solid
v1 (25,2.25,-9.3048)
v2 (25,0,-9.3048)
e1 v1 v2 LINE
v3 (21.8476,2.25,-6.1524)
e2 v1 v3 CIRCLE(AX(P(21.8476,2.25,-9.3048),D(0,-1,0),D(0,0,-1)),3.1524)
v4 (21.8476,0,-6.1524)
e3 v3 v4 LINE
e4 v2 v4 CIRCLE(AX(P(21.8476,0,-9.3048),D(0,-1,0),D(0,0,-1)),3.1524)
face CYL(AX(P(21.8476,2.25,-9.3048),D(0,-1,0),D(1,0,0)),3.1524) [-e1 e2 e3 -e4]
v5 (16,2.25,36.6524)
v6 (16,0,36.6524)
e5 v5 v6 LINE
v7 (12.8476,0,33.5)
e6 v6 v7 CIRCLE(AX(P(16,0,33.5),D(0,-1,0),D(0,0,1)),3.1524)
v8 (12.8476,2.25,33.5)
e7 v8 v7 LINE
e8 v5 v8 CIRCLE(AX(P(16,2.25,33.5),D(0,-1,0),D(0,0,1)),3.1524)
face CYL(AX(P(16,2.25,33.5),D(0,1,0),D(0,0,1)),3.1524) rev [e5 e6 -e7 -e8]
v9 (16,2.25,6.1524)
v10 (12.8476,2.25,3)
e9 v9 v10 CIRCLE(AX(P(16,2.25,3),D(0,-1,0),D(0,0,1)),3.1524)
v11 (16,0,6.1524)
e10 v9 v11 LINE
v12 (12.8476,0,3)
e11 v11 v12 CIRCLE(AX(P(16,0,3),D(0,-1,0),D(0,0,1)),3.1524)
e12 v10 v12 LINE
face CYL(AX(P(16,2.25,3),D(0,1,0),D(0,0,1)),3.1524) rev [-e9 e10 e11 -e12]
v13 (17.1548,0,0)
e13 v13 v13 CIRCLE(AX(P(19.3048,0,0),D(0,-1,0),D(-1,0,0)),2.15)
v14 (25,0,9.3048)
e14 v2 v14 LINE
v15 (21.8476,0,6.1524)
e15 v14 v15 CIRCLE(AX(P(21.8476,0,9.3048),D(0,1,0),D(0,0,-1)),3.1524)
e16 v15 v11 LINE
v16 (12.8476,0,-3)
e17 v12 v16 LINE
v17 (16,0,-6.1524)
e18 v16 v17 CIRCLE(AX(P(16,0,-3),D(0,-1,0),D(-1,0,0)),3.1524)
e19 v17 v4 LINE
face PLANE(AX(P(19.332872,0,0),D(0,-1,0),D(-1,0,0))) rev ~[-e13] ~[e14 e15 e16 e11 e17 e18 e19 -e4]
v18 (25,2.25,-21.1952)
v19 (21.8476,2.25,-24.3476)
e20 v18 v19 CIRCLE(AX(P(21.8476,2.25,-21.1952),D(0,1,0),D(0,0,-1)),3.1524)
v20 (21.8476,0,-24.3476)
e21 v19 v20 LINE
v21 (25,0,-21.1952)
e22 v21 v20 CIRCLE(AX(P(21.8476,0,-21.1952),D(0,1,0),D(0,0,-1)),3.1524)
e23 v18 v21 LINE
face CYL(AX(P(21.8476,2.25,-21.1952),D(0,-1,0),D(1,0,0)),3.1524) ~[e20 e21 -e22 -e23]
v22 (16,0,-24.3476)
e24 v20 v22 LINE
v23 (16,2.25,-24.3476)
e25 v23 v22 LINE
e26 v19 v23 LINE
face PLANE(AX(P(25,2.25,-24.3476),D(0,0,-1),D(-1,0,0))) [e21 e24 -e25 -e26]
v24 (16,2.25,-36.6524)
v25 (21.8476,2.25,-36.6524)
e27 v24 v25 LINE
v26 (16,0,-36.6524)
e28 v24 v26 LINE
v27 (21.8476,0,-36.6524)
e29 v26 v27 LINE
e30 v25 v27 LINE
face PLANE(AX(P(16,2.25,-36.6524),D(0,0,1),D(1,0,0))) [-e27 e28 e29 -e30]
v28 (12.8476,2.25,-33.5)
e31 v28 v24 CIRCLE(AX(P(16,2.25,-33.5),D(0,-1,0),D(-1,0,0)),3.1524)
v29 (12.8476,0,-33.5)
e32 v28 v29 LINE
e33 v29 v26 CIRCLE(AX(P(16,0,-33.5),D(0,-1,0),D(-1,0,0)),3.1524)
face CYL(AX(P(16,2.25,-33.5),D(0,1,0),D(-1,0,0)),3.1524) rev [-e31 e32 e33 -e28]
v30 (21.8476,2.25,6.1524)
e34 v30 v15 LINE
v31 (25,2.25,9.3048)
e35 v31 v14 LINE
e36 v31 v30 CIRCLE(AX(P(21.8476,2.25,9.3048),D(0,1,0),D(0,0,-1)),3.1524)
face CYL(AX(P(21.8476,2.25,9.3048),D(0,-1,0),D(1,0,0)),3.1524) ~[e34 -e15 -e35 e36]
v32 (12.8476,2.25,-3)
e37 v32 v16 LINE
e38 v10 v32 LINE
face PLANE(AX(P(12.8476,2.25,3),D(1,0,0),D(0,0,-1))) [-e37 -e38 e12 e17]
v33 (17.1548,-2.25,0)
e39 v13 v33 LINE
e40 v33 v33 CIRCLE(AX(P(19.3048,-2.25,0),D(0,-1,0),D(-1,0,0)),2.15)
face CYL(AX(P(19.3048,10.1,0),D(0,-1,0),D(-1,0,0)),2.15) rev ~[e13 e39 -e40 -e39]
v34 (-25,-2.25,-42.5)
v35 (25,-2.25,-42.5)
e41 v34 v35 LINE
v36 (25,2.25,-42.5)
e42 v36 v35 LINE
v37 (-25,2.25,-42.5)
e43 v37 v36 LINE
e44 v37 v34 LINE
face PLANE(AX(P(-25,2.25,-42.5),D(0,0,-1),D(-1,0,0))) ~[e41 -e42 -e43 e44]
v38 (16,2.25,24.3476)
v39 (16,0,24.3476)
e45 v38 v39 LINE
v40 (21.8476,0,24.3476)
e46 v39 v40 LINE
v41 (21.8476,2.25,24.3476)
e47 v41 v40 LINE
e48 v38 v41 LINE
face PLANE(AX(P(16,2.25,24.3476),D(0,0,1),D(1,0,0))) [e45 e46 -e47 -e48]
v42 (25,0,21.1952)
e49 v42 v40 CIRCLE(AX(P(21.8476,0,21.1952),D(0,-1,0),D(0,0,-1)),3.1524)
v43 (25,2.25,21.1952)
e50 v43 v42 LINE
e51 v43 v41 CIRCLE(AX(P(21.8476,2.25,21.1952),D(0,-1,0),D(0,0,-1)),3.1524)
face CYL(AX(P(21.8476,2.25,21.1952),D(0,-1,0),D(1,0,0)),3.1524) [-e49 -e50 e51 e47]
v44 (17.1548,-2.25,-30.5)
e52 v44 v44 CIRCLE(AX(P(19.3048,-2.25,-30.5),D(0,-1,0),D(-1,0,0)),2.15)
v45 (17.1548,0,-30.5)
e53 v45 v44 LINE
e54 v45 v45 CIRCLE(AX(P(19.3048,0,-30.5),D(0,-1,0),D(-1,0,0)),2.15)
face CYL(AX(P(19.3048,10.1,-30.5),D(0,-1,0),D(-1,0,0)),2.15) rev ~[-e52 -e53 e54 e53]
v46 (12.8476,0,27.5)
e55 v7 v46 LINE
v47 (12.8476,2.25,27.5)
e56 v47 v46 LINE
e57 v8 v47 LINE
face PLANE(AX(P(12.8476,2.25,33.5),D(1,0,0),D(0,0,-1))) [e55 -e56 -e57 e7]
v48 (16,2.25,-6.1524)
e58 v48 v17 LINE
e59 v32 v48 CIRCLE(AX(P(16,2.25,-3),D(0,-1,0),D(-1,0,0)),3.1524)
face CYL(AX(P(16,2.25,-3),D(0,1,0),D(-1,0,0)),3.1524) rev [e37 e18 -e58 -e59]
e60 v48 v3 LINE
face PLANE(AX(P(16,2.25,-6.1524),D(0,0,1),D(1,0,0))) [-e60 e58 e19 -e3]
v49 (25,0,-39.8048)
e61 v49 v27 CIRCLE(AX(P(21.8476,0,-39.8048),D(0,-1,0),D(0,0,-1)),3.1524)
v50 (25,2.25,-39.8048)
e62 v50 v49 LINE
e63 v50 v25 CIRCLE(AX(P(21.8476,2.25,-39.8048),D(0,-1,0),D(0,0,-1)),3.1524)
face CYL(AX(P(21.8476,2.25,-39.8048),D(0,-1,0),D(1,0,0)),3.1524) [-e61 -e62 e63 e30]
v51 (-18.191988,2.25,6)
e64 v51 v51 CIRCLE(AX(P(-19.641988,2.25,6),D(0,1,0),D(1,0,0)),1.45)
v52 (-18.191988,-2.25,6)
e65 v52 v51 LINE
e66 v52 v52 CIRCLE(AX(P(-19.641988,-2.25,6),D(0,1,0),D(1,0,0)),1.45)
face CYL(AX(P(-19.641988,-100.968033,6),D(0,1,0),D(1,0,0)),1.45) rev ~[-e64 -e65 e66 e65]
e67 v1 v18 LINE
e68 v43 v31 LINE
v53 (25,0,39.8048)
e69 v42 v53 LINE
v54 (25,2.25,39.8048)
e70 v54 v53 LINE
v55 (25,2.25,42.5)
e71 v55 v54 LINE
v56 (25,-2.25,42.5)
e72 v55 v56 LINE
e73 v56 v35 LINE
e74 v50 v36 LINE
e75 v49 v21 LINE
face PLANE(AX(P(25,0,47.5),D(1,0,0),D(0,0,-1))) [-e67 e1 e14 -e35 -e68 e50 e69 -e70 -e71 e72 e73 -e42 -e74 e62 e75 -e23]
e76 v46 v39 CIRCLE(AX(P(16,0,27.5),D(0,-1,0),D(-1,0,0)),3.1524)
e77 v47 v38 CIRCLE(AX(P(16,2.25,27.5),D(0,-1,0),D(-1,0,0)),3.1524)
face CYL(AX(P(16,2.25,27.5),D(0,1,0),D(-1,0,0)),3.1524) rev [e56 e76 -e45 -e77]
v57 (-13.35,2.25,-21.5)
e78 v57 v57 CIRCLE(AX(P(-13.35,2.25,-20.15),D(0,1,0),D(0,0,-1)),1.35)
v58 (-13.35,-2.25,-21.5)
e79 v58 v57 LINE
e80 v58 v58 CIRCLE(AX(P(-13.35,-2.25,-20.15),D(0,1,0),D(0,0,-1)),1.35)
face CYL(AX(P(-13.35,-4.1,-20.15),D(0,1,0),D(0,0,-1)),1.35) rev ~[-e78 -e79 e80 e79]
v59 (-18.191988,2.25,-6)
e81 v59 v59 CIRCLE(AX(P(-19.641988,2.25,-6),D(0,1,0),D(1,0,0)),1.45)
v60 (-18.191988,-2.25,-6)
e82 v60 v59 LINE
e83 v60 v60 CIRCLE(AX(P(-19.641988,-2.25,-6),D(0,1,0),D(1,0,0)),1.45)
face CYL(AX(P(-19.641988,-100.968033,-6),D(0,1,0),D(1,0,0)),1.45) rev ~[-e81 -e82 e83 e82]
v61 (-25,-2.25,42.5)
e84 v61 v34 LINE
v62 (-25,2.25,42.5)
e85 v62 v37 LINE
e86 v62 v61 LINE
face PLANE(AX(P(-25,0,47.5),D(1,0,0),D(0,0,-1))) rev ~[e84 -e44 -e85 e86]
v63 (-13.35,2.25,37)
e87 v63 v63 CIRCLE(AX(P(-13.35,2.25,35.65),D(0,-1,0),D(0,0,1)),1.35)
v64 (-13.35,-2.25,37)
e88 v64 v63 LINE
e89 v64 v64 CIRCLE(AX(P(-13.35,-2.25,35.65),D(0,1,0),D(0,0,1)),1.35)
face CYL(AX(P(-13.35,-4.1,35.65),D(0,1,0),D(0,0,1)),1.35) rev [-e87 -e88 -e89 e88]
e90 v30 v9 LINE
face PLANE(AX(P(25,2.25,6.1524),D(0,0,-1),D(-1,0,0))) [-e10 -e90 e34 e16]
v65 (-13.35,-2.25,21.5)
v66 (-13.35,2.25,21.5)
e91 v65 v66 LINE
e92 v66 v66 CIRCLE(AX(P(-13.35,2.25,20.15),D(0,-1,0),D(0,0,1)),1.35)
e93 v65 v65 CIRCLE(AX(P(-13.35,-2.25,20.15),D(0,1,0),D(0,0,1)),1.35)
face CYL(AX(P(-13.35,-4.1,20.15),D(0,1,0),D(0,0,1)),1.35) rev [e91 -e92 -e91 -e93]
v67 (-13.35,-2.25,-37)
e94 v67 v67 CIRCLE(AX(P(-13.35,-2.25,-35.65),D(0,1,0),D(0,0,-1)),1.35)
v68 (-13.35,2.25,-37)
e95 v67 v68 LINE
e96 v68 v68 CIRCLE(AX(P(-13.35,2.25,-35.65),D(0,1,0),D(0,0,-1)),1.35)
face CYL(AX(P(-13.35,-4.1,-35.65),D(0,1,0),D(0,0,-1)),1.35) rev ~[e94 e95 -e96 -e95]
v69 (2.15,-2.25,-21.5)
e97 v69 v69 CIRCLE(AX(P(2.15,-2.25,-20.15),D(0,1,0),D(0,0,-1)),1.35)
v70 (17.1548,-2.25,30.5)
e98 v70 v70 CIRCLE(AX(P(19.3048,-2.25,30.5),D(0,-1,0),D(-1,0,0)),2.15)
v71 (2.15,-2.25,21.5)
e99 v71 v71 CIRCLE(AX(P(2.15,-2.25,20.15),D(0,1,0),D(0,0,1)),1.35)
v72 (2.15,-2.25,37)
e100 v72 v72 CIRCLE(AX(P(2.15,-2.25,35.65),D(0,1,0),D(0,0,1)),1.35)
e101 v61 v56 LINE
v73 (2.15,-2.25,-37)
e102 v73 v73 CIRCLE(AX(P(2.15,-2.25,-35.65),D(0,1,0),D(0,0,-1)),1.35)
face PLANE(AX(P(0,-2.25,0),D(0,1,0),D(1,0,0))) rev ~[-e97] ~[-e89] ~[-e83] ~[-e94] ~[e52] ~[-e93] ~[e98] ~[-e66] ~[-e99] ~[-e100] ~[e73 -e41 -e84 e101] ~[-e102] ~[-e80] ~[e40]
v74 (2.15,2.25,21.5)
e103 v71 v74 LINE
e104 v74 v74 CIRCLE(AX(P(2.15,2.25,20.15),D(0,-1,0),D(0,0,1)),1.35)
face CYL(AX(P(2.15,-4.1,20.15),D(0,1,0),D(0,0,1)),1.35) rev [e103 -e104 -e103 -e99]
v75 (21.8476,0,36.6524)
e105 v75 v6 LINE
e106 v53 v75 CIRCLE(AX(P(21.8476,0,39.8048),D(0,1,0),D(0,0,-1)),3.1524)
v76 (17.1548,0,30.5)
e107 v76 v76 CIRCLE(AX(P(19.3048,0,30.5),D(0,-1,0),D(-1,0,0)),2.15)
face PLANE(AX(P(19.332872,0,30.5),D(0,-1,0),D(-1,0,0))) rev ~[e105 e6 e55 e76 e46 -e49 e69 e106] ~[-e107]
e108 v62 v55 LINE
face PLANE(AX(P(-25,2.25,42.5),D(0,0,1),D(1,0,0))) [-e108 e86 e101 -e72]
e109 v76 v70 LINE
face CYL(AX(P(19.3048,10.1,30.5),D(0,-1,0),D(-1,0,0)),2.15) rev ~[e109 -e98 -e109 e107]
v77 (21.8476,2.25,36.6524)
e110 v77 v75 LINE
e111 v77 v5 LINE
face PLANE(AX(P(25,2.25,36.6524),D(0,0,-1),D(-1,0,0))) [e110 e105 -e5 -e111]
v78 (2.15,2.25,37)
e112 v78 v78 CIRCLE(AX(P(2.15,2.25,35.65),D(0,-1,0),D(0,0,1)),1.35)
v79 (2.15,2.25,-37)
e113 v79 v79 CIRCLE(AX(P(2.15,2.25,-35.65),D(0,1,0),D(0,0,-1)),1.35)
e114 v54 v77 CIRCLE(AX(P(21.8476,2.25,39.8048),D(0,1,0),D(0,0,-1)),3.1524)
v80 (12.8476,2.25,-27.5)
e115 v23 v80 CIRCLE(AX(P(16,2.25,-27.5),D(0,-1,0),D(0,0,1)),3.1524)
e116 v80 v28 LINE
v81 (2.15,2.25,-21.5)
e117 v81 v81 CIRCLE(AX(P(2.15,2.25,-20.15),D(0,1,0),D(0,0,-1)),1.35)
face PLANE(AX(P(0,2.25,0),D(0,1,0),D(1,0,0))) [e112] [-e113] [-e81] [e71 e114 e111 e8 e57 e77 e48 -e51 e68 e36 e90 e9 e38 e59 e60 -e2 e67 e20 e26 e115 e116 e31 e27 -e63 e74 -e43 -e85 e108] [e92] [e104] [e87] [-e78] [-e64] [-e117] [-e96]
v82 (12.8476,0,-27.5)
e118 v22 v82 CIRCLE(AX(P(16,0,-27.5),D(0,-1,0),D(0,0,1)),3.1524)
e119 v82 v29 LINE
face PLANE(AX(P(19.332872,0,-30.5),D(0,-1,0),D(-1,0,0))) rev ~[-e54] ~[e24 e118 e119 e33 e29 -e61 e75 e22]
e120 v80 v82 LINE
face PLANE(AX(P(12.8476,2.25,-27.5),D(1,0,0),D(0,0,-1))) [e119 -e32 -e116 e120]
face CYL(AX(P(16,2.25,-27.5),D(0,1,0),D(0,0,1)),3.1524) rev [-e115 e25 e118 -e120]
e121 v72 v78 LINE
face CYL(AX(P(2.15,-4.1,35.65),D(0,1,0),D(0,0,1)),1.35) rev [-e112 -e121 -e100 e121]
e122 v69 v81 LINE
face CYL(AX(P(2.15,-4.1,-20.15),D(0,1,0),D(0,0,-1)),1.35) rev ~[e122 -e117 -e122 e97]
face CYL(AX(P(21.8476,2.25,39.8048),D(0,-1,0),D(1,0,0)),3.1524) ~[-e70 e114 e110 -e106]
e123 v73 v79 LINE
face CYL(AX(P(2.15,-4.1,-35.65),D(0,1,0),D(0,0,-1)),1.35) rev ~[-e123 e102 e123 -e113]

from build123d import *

# Parameters (mm, degrees)
SKETCH1_W                       = 50
SKETCH1_H                       = 95
BOSS_EXTRUDE1_DEPTH             = 2.25
M2_5_CLEARANCE_HOLE1_AT_2_COUNT = 2
M2_5_CLEARANCE_HOLE1_AT_2_PITCH = 15.5
M2_5_CLEARANCE_HOLE1_AT_3_COUNT = 2
M2_5_CLEARANCE_HOLE1_AT_3_PITCH = 21.920310217
M2_5_CLEARANCE_HOLE1_AT_4_COUNT = 2
M2_5_CLEARANCE_HOLE1_AT_4_PITCH = 15.5
SKETCH4_W                       = 50
SKETCH4_H                       = 5
CUT_EXTRUDE1_DEPTH              = 54.865573421
CUT_EXTRUDE2_DEPTH              = 2.25
M4_CLEARANCE_HOLE1_D            = 4.3
M4_CLEARANCE_HOLE1_DEPTH        = 10.1
M4_CLEARANCE_HOLE1_TIP          = 1.291850331
FILLET1_R                       = 3.1524
M2_5_CLEARANCE_HOLE2_D          = 2.9


with BuildPart() as part:
    # Sketch1 → Boss-Extrude1 (new, symmetric)
    with BuildSketch(Plane(origin=(0, 0, 0), x_dir=(1, 0, 0), z_dir=(0, 1, 0))):
        Rectangle(SKETCH1_W, SKETCH1_H)
    extrude(amount=BOSS_EXTRUDE1_DEPTH, both=True)

    # Sketch3 → M2.5 Clearance Hole1 (revolve, cut)
    with BuildSketch(Plane(origin=(2.15, 2.25, 20.15), x_dir=(0, 0, 1), z_dir=(1, 0, 0))):
        Polygon((0, 0), (0, 7.161161836), (1.35, 6.35), (1.35, 0), align=None)
    m2_5_clearance_hole1 = revolve(axis=Axis((2.15, 8.6, 20.15), (0, -1, 0)), mode=Mode.SUBTRACT)

    # M2.5 Clearance Hole1 at 2: M2.5 Clearance Hole1 ×2
    with Locations(*[(0, 0, i * M2_5_CLEARANCE_HOLE1_AT_2_PITCH) for i in range(1, M2_5_CLEARANCE_HOLE1_AT_2_COUNT)]):
        add(m2_5_clearance_hole1, mode=Mode.SUBTRACT)

    # M2.5 Clearance Hole1 at 3: M2.5 Clearance Hole1 ×2
    with Locations(*[Vector(-0.7071067811865477, 0, 0.7071067811865475) * (i * M2_5_CLEARANCE_HOLE1_AT_3_PITCH) for i in range(1, M2_5_CLEARANCE_HOLE1_AT_3_COUNT)]):
        add(m2_5_clearance_hole1, mode=Mode.SUBTRACT)

    # M2.5 Clearance Hole1 at 4: M2.5 Clearance Hole1 ×2
    with Locations(*[(-i * M2_5_CLEARANCE_HOLE1_AT_4_PITCH, 0, 0) for i in range(1, M2_5_CLEARANCE_HOLE1_AT_4_COUNT)]):
        add(m2_5_clearance_hole1, mode=Mode.SUBTRACT)

    # Sketch4 → Cut-Extrude1 (cut, through all)
    with BuildSketch(Plane(origin=(0, 2.25, 0), x_dir=(1, 0, 0), z_dir=(0, 1, 0))):
        with Locations((0, -45)):
            Rectangle(SKETCH4_W, SKETCH4_H)
    cut_extrude1 = extrude(amount=-CUT_EXTRUDE1_DEPTH, mode=Mode.SUBTRACT)

    # Mirror1: M2.5 Clearance Hole1, Cut-Extrude1 across plane
    add(m2_5_clearance_hole1.mirror(Plane.XY), mode=Mode.SUBTRACT)
    add(cut_extrude1.mirror(Plane.XY), mode=Mode.SUBTRACT)

    # Mirror1 copy 1 sketch → Mirror1 copy 1 (revolve, cut)
    with BuildSketch(Plane(origin=(2.15, 2.25, -35.65), x_dir=(0, 0, -1), z_dir=(1, 0, 0))):
        Polygon((0, 0), (0, -7.161161836), (1.35, -6.35), (1.35, 0), align=None)
    revolve(axis=Axis((2.15, 8.6, -35.65), (0, 1, 0)), mode=Mode.SUBTRACT)

    # Mirror1 copy 2 sketch → Mirror1 copy 2 (revolve, cut)
    with BuildSketch(Plane(origin=(-13.35, 2.25, -35.65), x_dir=(0, 0, -1), z_dir=(1, 0, 0))):
        Polygon((0, 0), (0, -7.161161836), (1.35, -6.35), (1.35, 0), align=None)
    revolve(axis=Axis((-13.35, 8.6, -35.65), (0, 1, 0)), mode=Mode.SUBTRACT)

    # Mirror1 copy 3 sketch → Mirror1 copy 3 (revolve, cut)
    with BuildSketch(Plane(origin=(-13.35, 2.25, -20.15), x_dir=(0, 0, -1), z_dir=(1, 0, 0))):
        Polygon((0, 0), (0, -7.161161836), (1.35, -6.35), (1.35, 0), align=None)
    revolve(axis=Axis((-13.35, 8.6, -20.15), (0, 1, 0)), mode=Mode.SUBTRACT)

    # Sketch5 → Cut-Extrude2 (cut)
    with BuildSketch(Plane(origin=(0, 2.25, 0), x_dir=(1, 0, 0), z_dir=(0, 1, 0))):
        with BuildLine():
            Line((25, -36.6524), (16, -36.6524))
            ThreePointArc((16, -36.6524), (13.770916583, -35.729083417), (12.8476, -33.5))
            Line((12.8476, -33.5), (12.8476, -27.5))
            ThreePointArc((12.8476, -27.5), (13.770916583, -25.270916583), (16, -24.3476))
            Line((16, -24.3476), (25, -24.3476))
            Line((25, -24.3476), (25, -36.6524))
        make_face()
        with BuildLine():
            Line((25, 6.1524), (25, -6.1524))
            Line((25, -6.1524), (16, -6.1524))
            ThreePointArc((16, -6.1524), (13.770916583, -5.229083417), (12.8476, -3))
            Line((12.8476, -3), (12.8476, 3))
            ThreePointArc((12.8476, 3), (13.770916583, 5.229083417), (16, 6.1524))
            Line((16, 6.1524), (25, 6.1524))
        make_face()
        with BuildLine():
            Line((25, 36.6524), (25, 24.3476))
            Line((25, 24.3476), (16, 24.3476))
            ThreePointArc((16, 24.3476), (13.770916583, 25.270916583), (12.8476, 27.5))
            Line((12.8476, 27.5), (12.8476, 33.5))
            ThreePointArc((12.8476, 33.5), (13.770916583, 35.729083417), (16, 36.6524))
            Line((16, 36.6524), (25, 36.6524))
        make_face()
    extrude(amount=-CUT_EXTRUDE2_DEPTH, mode=Mode.SUBTRACT)

    # M4 Clearance Hole1
    with Locations(Plane(origin=(0, 0, 0), x_dir=(1, 0, 0), z_dir=(0, 1, 0))):
        with Locations((19.3048, -30.5), (19.3048, 0), (19.3048, 30.5)):
            Hole(M4_CLEARANCE_HOLE1_D / 2, depth=M4_CLEARANCE_HOLE1_DEPTH)
            with Locations((0, 0, -(M4_CLEARANCE_HOLE1_DEPTH + M4_CLEARANCE_HOLE1_TIP / 2))):  # 118° drill point
                Cone(0, M4_CLEARANCE_HOLE1_D / 2, M4_CLEARANCE_HOLE1_TIP, mode=Mode.SUBTRACT)

    # Fillet1
    fillet1_edges = [part.edges().sort_by_distance(p)[0] for p in [
        (25, 1.125, 24.3476),
        (25, 1.125, 36.6524),
        (25, 1.125, 6.1524),
        (25, 1.125, -6.1524),
        (25, 1.125, -24.3476),
        (25, 1.125, -36.6524),
    ]]
    fillet(fillet1_edges, radius=FILLET1_R)

    # M2.5 Clearance Hole2 (through all)
    with Locations(Plane(origin=(0, -2.25, 0), x_dir=(-1, 0, 0), z_dir=(0, -1, 0))):
        with Locations((19.641987941, 6), (19.641987941, -6)):
            Hole(M2_5_CLEARANCE_HOLE2_D / 2)


solid = part.part
